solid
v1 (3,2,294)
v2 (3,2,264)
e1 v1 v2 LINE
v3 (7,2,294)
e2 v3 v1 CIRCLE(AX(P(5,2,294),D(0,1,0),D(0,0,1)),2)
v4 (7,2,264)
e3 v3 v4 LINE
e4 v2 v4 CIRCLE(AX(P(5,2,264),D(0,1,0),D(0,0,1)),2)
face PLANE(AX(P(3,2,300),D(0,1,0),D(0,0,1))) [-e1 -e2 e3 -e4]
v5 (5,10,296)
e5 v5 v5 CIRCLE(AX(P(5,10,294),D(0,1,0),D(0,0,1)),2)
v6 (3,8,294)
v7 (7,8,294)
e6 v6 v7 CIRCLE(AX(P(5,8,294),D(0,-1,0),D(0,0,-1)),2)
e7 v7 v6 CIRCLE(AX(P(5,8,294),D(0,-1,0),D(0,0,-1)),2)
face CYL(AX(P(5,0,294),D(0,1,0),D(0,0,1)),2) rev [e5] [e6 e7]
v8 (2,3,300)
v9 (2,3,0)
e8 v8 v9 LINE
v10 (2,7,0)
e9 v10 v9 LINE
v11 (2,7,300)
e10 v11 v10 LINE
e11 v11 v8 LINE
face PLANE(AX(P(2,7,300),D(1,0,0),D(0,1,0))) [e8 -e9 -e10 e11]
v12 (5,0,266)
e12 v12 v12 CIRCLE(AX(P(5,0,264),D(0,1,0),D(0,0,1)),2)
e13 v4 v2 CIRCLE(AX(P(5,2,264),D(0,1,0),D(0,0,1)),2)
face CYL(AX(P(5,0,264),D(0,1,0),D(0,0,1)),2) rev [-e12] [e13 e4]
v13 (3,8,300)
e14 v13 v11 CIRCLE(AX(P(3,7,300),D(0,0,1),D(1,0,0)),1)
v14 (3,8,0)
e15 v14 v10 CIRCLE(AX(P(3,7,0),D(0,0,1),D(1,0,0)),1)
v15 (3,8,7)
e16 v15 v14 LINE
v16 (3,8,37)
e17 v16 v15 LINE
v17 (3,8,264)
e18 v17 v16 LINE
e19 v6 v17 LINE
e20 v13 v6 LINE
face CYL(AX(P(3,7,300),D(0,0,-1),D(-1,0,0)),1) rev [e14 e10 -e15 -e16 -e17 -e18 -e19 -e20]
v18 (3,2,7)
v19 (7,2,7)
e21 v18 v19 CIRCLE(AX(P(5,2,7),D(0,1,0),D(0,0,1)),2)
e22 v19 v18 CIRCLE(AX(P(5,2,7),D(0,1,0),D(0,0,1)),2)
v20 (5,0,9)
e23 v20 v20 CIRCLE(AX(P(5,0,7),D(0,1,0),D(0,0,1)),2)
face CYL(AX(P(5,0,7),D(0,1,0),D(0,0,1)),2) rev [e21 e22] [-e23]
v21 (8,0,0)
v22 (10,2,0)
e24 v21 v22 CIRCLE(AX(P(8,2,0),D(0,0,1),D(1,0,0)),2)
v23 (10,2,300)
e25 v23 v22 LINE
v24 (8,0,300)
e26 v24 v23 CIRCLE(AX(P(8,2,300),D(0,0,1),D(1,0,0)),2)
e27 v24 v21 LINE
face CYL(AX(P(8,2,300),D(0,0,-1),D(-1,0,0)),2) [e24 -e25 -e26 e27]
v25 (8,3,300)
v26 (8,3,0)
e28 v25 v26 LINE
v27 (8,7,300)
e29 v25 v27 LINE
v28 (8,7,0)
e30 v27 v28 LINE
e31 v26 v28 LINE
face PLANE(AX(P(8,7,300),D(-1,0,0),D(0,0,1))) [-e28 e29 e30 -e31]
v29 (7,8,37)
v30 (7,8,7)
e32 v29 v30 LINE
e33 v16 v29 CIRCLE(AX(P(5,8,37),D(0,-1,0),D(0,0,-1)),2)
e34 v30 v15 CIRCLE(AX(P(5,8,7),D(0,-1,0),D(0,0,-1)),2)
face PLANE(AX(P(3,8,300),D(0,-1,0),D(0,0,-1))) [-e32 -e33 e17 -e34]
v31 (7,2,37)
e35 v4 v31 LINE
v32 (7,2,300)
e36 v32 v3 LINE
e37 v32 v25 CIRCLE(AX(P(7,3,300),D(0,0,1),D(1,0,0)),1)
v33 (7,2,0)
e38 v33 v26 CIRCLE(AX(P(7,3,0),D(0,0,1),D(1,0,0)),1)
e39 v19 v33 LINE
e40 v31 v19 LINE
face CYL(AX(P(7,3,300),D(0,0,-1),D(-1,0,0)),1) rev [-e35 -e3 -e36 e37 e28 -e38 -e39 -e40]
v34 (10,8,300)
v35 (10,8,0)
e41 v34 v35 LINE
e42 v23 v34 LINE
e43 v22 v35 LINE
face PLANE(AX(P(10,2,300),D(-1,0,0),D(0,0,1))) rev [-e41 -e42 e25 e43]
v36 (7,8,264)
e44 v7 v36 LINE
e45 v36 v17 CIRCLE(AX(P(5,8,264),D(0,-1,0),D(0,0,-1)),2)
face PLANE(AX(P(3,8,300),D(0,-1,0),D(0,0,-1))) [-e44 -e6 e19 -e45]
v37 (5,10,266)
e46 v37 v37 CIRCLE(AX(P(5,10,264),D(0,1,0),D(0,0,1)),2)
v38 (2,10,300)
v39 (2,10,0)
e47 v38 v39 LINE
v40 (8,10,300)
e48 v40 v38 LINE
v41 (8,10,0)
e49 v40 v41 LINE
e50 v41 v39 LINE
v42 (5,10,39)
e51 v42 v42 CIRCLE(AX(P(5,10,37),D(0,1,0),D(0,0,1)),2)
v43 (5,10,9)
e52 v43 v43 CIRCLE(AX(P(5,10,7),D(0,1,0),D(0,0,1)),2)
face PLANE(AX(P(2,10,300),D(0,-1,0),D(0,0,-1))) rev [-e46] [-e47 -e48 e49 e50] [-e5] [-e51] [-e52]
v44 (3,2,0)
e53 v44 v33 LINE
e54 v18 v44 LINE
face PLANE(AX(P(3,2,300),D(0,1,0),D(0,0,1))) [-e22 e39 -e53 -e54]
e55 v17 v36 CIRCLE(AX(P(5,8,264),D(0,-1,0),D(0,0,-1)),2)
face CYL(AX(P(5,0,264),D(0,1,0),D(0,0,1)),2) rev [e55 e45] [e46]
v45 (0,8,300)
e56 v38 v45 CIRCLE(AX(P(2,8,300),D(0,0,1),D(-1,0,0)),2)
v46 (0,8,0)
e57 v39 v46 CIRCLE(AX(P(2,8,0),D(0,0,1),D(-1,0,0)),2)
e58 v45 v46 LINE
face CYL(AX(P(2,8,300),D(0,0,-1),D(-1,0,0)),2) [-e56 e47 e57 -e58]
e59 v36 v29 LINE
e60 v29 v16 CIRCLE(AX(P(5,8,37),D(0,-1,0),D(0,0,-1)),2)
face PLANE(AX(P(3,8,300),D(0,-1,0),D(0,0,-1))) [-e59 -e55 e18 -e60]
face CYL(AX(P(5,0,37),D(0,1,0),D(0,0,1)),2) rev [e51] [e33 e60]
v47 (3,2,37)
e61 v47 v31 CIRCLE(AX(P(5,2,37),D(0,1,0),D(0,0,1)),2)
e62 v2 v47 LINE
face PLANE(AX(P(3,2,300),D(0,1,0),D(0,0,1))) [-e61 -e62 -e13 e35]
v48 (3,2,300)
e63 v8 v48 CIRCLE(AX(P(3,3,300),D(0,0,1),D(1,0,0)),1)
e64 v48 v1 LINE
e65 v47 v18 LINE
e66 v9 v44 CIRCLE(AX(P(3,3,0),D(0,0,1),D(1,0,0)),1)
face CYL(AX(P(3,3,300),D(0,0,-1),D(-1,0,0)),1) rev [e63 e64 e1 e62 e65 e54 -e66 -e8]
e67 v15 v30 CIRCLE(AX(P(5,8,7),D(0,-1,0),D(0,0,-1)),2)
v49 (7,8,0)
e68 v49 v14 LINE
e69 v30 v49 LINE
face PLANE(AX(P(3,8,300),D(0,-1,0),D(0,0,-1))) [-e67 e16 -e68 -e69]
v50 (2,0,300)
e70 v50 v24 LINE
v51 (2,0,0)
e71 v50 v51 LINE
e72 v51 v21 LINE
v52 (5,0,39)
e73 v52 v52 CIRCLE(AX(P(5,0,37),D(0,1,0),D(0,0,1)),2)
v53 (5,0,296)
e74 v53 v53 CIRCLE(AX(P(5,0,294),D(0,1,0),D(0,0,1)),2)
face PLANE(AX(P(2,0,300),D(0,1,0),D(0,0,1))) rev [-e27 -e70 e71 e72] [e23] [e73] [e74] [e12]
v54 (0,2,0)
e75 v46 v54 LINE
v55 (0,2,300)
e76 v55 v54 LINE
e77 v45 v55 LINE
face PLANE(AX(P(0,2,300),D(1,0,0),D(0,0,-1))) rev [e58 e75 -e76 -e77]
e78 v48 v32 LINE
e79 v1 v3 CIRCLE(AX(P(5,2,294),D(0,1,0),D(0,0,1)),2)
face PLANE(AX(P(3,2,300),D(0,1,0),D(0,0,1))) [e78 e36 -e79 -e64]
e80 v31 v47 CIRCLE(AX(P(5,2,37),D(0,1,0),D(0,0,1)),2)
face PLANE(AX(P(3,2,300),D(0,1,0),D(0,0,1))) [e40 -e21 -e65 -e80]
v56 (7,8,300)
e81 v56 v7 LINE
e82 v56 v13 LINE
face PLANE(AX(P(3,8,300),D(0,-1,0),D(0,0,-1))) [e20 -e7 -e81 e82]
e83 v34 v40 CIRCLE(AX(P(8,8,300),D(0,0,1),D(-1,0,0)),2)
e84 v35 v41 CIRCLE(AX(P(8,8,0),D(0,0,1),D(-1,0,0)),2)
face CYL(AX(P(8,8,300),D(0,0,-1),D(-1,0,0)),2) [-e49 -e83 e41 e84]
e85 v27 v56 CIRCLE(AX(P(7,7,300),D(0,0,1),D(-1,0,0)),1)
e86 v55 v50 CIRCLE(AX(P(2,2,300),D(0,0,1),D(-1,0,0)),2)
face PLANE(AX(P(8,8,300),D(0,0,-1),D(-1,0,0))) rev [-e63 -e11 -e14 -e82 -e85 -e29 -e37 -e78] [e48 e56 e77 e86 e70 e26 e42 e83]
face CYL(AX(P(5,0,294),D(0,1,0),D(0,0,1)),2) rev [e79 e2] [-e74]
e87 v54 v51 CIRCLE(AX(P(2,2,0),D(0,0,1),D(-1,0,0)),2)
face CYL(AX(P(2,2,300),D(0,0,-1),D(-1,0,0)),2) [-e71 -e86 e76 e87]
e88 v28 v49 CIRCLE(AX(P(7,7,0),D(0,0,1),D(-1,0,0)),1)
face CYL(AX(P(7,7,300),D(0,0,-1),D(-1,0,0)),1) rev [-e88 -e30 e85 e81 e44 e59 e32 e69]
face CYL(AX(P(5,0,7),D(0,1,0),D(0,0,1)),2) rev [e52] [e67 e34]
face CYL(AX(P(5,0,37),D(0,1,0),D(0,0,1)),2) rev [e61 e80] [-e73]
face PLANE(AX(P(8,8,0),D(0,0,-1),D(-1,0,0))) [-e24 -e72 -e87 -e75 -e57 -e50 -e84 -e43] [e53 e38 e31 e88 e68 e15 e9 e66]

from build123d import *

# Parameters (mm, degrees)
BOSS_EXTRU_1_DEPTH      = 300
ESQUISSE2_R             = 2
ENL_V_MAT_EXTRU_1_DEPTH = 301.333148354


with BuildPart() as part:
    # Esquisse1 → Boss.-Extru.1 (new body)
    with BuildSketch(Plane.XY):
        with BuildLine():
            Line((2, 0), (8, 0))
            ThreePointArc((8, 0), (9.414213562, 0.585786438), (10, 2))
            Line((10, 2), (10, 8))
            ThreePointArc((10, 8), (9.414213562, 9.414213562), (8, 10))
            Line((8, 10), (2, 10))
            ThreePointArc((2, 10), (0.585786438, 9.414213562), (0, 8))
            Line((0, 8), (0, 2))
            ThreePointArc((0, 2), (0.585786438, 0.585786438), (2, 0))
        make_face()
        with BuildLine():
            Line((3, 8), (7, 8))
            ThreePointArc((7, 8), (7.707106781, 7.707106781), (8, 7))
            Line((8, 7), (8, 3))
            ThreePointArc((8, 3), (7.707106781, 2.292893219), (7, 2))
            Line((7, 2), (3, 2))
            ThreePointArc((3, 2), (2.292893219, 2.292893219), (2, 3))
            Line((2, 3), (2, 7))
            ThreePointArc((2, 7), (2.292893219, 7.707106781), (3, 8))
        make_face(mode=Mode.SUBTRACT)
    extrude(amount=BOSS_EXTRU_1_DEPTH)

    # Esquisse2 → Enlèv. mat.-Extru.1 (cut, through all)
    with BuildSketch(Plane(origin=(0, 10, 0), x_dir=(1, 0, 0), z_dir=(0, 1, 0))):
        with Locations(Location((5, -294, 0), (0, 0, 270))):
            Circle(ESQUISSE2_R)
        with Locations(Location((5, -264, 0), (0, 0, 270))):
            Circle(ESQUISSE2_R)
        with Locations(Location((5, -7, 0), (0, 0, 270))):
            Circle(ESQUISSE2_R)
        with Locations(Location((5, -37, 0), (0, 0, 270))):
            Circle(ESQUISSE2_R)
    extrude(amount=-ENL_V_MAT_EXTRU_1_DEPTH, mode=Mode.SUBTRACT)


solid = part.part
